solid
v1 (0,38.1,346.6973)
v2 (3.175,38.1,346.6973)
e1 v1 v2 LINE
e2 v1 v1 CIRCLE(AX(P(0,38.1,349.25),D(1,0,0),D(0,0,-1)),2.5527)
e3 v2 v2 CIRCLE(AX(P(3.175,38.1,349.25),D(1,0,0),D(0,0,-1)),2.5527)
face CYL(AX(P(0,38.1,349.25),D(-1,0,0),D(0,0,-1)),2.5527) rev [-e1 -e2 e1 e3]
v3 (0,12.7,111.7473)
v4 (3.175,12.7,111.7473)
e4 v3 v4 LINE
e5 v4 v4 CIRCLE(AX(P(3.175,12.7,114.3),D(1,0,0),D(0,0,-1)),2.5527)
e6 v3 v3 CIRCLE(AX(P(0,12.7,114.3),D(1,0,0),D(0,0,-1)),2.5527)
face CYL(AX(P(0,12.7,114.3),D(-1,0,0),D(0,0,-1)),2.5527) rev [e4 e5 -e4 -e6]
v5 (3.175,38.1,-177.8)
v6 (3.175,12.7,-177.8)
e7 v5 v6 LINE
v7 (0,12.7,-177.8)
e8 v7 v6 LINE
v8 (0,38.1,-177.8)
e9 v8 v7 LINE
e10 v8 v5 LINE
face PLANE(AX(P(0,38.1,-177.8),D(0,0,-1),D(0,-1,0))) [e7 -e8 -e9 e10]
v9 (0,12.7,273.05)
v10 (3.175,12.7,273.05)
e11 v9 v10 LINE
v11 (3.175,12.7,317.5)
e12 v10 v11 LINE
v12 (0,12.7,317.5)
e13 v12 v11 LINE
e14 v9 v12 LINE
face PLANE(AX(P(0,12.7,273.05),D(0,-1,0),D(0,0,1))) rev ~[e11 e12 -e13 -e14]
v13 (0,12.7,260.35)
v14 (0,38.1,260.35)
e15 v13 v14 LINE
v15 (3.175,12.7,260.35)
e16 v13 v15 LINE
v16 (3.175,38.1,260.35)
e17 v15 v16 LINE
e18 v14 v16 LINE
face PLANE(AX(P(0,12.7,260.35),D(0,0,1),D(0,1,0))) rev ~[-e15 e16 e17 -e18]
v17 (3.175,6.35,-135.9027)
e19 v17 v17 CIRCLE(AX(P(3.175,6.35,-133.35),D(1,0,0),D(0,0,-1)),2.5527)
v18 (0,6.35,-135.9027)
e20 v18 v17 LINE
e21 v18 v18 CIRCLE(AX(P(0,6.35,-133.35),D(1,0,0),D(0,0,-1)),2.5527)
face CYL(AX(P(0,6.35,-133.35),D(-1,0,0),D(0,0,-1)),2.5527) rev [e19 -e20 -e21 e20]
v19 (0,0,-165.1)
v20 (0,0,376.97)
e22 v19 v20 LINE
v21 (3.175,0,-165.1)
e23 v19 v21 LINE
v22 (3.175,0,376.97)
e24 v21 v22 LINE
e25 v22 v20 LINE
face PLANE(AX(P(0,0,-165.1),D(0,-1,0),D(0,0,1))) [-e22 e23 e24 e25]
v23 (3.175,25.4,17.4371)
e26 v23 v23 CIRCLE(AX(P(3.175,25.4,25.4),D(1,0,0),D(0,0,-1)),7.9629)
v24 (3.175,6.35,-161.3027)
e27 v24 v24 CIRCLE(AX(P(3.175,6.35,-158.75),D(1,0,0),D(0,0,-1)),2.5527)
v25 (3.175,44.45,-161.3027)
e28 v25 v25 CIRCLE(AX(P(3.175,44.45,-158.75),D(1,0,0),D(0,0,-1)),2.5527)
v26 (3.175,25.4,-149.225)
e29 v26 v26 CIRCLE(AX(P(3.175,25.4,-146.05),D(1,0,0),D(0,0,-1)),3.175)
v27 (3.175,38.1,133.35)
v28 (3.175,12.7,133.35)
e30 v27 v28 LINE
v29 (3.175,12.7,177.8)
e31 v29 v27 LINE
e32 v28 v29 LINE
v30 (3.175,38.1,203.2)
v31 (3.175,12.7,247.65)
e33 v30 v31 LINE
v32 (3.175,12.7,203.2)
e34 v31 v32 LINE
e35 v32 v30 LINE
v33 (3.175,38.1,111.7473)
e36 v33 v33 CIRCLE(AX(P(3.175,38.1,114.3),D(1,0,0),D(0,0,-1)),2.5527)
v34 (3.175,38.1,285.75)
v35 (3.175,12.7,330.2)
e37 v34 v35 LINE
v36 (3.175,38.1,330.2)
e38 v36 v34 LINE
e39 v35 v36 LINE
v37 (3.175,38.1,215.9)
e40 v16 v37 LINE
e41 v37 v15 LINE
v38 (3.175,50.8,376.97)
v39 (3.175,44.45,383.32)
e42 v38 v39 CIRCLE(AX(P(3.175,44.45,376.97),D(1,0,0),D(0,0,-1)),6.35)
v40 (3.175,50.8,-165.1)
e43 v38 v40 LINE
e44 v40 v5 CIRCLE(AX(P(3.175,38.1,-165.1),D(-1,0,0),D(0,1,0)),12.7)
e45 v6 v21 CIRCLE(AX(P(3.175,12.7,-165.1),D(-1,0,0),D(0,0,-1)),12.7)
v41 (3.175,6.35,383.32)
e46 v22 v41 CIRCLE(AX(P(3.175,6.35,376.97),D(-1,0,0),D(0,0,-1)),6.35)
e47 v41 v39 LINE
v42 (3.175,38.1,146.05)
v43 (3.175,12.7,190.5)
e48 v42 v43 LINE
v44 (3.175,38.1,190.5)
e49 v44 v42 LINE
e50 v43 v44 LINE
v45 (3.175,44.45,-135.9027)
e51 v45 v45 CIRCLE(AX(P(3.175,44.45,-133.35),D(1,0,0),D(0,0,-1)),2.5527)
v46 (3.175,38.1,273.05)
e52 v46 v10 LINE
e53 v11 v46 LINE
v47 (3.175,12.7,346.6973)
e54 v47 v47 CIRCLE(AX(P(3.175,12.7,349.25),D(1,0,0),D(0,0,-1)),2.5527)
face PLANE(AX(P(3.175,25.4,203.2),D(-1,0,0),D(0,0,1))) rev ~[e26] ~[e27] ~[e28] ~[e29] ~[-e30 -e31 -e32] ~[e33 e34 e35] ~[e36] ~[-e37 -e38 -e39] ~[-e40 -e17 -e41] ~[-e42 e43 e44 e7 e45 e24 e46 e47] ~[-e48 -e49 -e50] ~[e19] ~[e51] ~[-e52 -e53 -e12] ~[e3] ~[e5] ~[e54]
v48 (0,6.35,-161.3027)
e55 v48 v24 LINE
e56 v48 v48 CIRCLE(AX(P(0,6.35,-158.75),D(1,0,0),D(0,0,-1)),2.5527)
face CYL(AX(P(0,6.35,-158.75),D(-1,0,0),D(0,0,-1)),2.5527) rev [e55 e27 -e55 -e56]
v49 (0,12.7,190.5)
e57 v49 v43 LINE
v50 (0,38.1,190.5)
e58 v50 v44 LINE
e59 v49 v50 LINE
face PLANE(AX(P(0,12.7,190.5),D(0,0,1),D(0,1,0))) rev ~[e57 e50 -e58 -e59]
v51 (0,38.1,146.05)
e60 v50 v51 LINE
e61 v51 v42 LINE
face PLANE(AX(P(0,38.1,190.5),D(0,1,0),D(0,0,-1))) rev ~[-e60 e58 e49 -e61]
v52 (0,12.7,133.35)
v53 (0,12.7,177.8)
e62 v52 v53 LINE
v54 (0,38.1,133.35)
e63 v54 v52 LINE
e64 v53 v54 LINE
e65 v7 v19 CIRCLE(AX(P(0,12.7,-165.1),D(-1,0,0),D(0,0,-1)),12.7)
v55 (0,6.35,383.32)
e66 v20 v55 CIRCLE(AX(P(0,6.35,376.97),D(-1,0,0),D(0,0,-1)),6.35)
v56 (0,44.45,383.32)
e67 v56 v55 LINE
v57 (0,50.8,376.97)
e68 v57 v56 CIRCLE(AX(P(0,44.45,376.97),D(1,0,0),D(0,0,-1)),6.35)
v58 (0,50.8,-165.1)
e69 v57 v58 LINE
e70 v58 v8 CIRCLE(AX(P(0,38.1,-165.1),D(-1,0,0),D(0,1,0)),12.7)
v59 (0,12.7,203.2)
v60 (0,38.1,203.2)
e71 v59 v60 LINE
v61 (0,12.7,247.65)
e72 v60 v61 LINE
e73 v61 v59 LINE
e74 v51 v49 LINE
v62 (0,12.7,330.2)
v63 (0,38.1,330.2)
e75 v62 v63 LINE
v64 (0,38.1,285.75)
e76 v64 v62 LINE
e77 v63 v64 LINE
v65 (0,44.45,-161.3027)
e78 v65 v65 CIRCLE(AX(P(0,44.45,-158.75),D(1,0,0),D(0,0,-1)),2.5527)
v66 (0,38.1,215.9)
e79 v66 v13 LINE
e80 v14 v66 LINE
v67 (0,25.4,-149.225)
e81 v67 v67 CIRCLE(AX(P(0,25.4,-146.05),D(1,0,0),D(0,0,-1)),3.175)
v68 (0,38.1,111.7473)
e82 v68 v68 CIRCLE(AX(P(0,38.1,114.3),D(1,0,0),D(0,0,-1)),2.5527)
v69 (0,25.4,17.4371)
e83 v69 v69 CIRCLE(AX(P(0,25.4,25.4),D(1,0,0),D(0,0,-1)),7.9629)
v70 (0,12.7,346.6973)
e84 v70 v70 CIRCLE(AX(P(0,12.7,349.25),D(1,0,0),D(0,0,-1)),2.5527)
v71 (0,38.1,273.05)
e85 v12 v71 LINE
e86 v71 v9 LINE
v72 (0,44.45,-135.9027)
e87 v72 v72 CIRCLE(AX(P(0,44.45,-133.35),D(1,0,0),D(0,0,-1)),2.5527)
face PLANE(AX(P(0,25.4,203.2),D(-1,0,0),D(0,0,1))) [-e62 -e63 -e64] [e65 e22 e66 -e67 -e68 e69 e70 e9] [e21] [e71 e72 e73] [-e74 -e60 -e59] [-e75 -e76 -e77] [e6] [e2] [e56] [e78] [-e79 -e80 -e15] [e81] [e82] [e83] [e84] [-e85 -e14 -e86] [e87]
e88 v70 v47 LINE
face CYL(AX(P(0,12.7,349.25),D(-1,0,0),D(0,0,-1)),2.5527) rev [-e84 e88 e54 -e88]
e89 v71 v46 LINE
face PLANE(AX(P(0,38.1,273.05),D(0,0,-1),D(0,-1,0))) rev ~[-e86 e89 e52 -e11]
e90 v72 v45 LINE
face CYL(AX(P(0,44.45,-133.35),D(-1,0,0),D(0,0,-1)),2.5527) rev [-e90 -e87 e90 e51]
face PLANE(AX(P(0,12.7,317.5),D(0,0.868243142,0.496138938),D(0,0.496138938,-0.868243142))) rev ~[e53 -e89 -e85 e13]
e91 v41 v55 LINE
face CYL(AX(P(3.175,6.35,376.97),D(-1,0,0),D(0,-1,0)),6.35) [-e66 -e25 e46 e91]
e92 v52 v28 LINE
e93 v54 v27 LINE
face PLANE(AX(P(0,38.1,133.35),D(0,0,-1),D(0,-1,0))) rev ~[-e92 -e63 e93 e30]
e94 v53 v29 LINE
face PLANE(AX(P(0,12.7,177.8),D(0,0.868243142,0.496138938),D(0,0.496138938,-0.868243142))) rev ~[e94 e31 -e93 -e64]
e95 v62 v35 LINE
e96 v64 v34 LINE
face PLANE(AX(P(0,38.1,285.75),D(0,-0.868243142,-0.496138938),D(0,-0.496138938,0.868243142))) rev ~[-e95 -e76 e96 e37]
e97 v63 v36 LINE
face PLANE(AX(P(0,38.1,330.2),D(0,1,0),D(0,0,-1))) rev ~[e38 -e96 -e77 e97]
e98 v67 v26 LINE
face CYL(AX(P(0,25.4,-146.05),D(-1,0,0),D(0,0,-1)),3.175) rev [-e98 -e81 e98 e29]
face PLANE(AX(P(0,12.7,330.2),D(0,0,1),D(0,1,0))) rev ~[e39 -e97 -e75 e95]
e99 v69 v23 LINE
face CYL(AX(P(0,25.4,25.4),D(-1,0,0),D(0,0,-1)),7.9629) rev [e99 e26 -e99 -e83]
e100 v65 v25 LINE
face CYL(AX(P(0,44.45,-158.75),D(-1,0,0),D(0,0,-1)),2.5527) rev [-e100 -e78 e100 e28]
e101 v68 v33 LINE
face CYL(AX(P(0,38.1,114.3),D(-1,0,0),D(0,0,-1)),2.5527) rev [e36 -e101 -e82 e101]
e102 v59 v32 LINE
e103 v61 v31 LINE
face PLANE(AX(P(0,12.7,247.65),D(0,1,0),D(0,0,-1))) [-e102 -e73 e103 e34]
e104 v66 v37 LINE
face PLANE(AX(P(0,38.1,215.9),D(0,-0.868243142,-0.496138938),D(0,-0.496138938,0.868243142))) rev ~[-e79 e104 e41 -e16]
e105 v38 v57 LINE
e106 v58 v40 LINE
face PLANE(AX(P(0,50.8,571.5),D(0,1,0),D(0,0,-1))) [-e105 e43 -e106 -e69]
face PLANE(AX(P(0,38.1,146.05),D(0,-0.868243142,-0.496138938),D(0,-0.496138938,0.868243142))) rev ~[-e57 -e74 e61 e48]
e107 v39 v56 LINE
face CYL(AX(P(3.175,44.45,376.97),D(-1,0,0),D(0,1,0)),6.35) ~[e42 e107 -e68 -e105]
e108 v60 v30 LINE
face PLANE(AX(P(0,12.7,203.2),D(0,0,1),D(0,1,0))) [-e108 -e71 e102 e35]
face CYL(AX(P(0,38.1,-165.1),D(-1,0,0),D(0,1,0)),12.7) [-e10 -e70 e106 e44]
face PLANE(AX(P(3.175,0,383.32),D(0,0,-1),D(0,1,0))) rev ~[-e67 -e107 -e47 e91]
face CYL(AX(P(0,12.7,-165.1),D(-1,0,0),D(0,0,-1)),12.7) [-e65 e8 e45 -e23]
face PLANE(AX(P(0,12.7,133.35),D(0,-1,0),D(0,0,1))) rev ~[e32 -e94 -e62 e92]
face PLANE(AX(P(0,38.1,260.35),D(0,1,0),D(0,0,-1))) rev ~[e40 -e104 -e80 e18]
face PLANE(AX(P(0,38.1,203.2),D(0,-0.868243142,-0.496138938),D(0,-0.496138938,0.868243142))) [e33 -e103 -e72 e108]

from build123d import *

# Parameters (mm, degrees)
SKETCH1_R           = 7.9629
SKETCH1_R_2         = 3.175
SKETCH1_R_3         = 2.5527
BOSS_EXTRUDE1_DEPTH = 3.175
SKETCH2_R           = 5.55625
CUT_EXTRUDE1_DEPTH  = 4.175
SKETCH3_W           = 200.88
SKETCH3_H           = 50.8
CUT_EXTRUDE2_DEPTH  = 4.175
FILLET1_R           = 6.35


with BuildPart() as part:
    # Sketch1 → Boss-Extrude1 (new body)
    with BuildSketch(Plane(origin=(0, 0, 0), x_dir=(0, 0, -1), z_dir=(1, 0, 0))):
        with BuildLine():
            Line((177.8, 38.1), (177.8, 12.7))
            ThreePointArc((177.8, 12.7), (174.080256121, 3.719743879), (165.1, 0))
            Line((165.1, 0), (-571.5, 0))
            ThreePointArc((-571.5, 0), (-580.480256121, 3.719743879), (-584.2, 12.7))
            Line((-584.2, 12.7), (-584.2, 38.1))
            ThreePointArc((-584.2, 38.1), (-580.480256121, 47.080256121), (-571.5, 50.8))
            Line((-571.5, 50.8), (165.1, 50.8))
            ThreePointArc((165.1, 50.8), (174.080256121, 47.080256121), (177.8, 38.1))
        make_face()
        with Locations((-25.4, 25.4)):
            Circle(SKETCH1_R, mode=Mode.SUBTRACT)
        with Locations((146.05, 25.4)):
            Circle(SKETCH1_R_2, mode=Mode.SUBTRACT)
        with Locations((-349.25, 38.1)):
            Circle(SKETCH1_R_3, mode=Mode.SUBTRACT)
        with Locations((-349.25, 12.7)):
            Circle(SKETCH1_R_3, mode=Mode.SUBTRACT)
        with Locations((-114.3, 38.1)):
            Circle(SKETCH1_R_3, mode=Mode.SUBTRACT)
        with Locations((-114.3, 12.7)):
            Circle(SKETCH1_R_3, mode=Mode.SUBTRACT)
        with Locations((133.35, 44.45)):
            Circle(SKETCH1_R_3, mode=Mode.SUBTRACT)
        with Locations((158.75, 44.45)):
            Circle(SKETCH1_R_3, mode=Mode.SUBTRACT)
        with Locations((158.75, 6.35)):
            Circle(SKETCH1_R_3, mode=Mode.SUBTRACT)
        with Locations((133.35, 6.35)):
            Circle(SKETCH1_R_3, mode=Mode.SUBTRACT)
        Polygon((-190.5, 38.1), (-146.05, 38.1), (-190.5, 12.7), align=None, mode=Mode.SUBTRACT)
        Polygon((-133.35, 38.1), (-133.35, 12.7), (-177.8, 12.7), align=None, mode=Mode.SUBTRACT)
        Polygon((-203.2, 12.7), (-203.2, 38.1), (-247.65, 12.7), align=None, mode=Mode.SUBTRACT)
        Polygon((-215.9, 38.1), (-260.35, 12.7), (-260.35, 38.1), align=None, mode=Mode.SUBTRACT)
        Polygon((-273.05, 38.1), (-273.05, 12.7), (-317.5, 12.7), align=None, mode=Mode.SUBTRACT)
        Polygon((-330.2, 12.7), (-330.2, 38.1), (-285.75, 38.1), align=None, mode=Mode.SUBTRACT)
    extrude(amount=BOSS_EXTRUDE1_DEPTH)

    # Sketch2 → Cut-Extrude1 (cut, through all)
    with BuildSketch(Plane(origin=(3.175, 0, 0), x_dir=(0, 0, -1), z_dir=(1, 0, 0))):
        with Locations((-558.8, 25.4)):
            Circle(SKETCH2_R)
    extrude(amount=-CUT_EXTRUDE1_DEPTH, mode=Mode.SUBTRACT)

    # Sketch3 → Cut-Extrude2 (cut, through all)
    with BuildSketch(Plane(origin=(3.175, 0, 0), x_dir=(0, 0, -1), z_dir=(1, 0, 0))):
        with Locations((-483.76, 25.4)):
            Rectangle(SKETCH3_W, SKETCH3_H)
    extrude(amount=-CUT_EXTRUDE2_DEPTH, mode=Mode.SUBTRACT)

    # Fillet1
    fillet1_edges = [part.edges().sort_by_distance(p)[0] for p in [
        (1.5875, 0, 383.32),
        (1.5875, 50.8, 383.32),
    ]]
    fillet(fillet1_edges, radius=FILLET1_R)


solid = part.part
